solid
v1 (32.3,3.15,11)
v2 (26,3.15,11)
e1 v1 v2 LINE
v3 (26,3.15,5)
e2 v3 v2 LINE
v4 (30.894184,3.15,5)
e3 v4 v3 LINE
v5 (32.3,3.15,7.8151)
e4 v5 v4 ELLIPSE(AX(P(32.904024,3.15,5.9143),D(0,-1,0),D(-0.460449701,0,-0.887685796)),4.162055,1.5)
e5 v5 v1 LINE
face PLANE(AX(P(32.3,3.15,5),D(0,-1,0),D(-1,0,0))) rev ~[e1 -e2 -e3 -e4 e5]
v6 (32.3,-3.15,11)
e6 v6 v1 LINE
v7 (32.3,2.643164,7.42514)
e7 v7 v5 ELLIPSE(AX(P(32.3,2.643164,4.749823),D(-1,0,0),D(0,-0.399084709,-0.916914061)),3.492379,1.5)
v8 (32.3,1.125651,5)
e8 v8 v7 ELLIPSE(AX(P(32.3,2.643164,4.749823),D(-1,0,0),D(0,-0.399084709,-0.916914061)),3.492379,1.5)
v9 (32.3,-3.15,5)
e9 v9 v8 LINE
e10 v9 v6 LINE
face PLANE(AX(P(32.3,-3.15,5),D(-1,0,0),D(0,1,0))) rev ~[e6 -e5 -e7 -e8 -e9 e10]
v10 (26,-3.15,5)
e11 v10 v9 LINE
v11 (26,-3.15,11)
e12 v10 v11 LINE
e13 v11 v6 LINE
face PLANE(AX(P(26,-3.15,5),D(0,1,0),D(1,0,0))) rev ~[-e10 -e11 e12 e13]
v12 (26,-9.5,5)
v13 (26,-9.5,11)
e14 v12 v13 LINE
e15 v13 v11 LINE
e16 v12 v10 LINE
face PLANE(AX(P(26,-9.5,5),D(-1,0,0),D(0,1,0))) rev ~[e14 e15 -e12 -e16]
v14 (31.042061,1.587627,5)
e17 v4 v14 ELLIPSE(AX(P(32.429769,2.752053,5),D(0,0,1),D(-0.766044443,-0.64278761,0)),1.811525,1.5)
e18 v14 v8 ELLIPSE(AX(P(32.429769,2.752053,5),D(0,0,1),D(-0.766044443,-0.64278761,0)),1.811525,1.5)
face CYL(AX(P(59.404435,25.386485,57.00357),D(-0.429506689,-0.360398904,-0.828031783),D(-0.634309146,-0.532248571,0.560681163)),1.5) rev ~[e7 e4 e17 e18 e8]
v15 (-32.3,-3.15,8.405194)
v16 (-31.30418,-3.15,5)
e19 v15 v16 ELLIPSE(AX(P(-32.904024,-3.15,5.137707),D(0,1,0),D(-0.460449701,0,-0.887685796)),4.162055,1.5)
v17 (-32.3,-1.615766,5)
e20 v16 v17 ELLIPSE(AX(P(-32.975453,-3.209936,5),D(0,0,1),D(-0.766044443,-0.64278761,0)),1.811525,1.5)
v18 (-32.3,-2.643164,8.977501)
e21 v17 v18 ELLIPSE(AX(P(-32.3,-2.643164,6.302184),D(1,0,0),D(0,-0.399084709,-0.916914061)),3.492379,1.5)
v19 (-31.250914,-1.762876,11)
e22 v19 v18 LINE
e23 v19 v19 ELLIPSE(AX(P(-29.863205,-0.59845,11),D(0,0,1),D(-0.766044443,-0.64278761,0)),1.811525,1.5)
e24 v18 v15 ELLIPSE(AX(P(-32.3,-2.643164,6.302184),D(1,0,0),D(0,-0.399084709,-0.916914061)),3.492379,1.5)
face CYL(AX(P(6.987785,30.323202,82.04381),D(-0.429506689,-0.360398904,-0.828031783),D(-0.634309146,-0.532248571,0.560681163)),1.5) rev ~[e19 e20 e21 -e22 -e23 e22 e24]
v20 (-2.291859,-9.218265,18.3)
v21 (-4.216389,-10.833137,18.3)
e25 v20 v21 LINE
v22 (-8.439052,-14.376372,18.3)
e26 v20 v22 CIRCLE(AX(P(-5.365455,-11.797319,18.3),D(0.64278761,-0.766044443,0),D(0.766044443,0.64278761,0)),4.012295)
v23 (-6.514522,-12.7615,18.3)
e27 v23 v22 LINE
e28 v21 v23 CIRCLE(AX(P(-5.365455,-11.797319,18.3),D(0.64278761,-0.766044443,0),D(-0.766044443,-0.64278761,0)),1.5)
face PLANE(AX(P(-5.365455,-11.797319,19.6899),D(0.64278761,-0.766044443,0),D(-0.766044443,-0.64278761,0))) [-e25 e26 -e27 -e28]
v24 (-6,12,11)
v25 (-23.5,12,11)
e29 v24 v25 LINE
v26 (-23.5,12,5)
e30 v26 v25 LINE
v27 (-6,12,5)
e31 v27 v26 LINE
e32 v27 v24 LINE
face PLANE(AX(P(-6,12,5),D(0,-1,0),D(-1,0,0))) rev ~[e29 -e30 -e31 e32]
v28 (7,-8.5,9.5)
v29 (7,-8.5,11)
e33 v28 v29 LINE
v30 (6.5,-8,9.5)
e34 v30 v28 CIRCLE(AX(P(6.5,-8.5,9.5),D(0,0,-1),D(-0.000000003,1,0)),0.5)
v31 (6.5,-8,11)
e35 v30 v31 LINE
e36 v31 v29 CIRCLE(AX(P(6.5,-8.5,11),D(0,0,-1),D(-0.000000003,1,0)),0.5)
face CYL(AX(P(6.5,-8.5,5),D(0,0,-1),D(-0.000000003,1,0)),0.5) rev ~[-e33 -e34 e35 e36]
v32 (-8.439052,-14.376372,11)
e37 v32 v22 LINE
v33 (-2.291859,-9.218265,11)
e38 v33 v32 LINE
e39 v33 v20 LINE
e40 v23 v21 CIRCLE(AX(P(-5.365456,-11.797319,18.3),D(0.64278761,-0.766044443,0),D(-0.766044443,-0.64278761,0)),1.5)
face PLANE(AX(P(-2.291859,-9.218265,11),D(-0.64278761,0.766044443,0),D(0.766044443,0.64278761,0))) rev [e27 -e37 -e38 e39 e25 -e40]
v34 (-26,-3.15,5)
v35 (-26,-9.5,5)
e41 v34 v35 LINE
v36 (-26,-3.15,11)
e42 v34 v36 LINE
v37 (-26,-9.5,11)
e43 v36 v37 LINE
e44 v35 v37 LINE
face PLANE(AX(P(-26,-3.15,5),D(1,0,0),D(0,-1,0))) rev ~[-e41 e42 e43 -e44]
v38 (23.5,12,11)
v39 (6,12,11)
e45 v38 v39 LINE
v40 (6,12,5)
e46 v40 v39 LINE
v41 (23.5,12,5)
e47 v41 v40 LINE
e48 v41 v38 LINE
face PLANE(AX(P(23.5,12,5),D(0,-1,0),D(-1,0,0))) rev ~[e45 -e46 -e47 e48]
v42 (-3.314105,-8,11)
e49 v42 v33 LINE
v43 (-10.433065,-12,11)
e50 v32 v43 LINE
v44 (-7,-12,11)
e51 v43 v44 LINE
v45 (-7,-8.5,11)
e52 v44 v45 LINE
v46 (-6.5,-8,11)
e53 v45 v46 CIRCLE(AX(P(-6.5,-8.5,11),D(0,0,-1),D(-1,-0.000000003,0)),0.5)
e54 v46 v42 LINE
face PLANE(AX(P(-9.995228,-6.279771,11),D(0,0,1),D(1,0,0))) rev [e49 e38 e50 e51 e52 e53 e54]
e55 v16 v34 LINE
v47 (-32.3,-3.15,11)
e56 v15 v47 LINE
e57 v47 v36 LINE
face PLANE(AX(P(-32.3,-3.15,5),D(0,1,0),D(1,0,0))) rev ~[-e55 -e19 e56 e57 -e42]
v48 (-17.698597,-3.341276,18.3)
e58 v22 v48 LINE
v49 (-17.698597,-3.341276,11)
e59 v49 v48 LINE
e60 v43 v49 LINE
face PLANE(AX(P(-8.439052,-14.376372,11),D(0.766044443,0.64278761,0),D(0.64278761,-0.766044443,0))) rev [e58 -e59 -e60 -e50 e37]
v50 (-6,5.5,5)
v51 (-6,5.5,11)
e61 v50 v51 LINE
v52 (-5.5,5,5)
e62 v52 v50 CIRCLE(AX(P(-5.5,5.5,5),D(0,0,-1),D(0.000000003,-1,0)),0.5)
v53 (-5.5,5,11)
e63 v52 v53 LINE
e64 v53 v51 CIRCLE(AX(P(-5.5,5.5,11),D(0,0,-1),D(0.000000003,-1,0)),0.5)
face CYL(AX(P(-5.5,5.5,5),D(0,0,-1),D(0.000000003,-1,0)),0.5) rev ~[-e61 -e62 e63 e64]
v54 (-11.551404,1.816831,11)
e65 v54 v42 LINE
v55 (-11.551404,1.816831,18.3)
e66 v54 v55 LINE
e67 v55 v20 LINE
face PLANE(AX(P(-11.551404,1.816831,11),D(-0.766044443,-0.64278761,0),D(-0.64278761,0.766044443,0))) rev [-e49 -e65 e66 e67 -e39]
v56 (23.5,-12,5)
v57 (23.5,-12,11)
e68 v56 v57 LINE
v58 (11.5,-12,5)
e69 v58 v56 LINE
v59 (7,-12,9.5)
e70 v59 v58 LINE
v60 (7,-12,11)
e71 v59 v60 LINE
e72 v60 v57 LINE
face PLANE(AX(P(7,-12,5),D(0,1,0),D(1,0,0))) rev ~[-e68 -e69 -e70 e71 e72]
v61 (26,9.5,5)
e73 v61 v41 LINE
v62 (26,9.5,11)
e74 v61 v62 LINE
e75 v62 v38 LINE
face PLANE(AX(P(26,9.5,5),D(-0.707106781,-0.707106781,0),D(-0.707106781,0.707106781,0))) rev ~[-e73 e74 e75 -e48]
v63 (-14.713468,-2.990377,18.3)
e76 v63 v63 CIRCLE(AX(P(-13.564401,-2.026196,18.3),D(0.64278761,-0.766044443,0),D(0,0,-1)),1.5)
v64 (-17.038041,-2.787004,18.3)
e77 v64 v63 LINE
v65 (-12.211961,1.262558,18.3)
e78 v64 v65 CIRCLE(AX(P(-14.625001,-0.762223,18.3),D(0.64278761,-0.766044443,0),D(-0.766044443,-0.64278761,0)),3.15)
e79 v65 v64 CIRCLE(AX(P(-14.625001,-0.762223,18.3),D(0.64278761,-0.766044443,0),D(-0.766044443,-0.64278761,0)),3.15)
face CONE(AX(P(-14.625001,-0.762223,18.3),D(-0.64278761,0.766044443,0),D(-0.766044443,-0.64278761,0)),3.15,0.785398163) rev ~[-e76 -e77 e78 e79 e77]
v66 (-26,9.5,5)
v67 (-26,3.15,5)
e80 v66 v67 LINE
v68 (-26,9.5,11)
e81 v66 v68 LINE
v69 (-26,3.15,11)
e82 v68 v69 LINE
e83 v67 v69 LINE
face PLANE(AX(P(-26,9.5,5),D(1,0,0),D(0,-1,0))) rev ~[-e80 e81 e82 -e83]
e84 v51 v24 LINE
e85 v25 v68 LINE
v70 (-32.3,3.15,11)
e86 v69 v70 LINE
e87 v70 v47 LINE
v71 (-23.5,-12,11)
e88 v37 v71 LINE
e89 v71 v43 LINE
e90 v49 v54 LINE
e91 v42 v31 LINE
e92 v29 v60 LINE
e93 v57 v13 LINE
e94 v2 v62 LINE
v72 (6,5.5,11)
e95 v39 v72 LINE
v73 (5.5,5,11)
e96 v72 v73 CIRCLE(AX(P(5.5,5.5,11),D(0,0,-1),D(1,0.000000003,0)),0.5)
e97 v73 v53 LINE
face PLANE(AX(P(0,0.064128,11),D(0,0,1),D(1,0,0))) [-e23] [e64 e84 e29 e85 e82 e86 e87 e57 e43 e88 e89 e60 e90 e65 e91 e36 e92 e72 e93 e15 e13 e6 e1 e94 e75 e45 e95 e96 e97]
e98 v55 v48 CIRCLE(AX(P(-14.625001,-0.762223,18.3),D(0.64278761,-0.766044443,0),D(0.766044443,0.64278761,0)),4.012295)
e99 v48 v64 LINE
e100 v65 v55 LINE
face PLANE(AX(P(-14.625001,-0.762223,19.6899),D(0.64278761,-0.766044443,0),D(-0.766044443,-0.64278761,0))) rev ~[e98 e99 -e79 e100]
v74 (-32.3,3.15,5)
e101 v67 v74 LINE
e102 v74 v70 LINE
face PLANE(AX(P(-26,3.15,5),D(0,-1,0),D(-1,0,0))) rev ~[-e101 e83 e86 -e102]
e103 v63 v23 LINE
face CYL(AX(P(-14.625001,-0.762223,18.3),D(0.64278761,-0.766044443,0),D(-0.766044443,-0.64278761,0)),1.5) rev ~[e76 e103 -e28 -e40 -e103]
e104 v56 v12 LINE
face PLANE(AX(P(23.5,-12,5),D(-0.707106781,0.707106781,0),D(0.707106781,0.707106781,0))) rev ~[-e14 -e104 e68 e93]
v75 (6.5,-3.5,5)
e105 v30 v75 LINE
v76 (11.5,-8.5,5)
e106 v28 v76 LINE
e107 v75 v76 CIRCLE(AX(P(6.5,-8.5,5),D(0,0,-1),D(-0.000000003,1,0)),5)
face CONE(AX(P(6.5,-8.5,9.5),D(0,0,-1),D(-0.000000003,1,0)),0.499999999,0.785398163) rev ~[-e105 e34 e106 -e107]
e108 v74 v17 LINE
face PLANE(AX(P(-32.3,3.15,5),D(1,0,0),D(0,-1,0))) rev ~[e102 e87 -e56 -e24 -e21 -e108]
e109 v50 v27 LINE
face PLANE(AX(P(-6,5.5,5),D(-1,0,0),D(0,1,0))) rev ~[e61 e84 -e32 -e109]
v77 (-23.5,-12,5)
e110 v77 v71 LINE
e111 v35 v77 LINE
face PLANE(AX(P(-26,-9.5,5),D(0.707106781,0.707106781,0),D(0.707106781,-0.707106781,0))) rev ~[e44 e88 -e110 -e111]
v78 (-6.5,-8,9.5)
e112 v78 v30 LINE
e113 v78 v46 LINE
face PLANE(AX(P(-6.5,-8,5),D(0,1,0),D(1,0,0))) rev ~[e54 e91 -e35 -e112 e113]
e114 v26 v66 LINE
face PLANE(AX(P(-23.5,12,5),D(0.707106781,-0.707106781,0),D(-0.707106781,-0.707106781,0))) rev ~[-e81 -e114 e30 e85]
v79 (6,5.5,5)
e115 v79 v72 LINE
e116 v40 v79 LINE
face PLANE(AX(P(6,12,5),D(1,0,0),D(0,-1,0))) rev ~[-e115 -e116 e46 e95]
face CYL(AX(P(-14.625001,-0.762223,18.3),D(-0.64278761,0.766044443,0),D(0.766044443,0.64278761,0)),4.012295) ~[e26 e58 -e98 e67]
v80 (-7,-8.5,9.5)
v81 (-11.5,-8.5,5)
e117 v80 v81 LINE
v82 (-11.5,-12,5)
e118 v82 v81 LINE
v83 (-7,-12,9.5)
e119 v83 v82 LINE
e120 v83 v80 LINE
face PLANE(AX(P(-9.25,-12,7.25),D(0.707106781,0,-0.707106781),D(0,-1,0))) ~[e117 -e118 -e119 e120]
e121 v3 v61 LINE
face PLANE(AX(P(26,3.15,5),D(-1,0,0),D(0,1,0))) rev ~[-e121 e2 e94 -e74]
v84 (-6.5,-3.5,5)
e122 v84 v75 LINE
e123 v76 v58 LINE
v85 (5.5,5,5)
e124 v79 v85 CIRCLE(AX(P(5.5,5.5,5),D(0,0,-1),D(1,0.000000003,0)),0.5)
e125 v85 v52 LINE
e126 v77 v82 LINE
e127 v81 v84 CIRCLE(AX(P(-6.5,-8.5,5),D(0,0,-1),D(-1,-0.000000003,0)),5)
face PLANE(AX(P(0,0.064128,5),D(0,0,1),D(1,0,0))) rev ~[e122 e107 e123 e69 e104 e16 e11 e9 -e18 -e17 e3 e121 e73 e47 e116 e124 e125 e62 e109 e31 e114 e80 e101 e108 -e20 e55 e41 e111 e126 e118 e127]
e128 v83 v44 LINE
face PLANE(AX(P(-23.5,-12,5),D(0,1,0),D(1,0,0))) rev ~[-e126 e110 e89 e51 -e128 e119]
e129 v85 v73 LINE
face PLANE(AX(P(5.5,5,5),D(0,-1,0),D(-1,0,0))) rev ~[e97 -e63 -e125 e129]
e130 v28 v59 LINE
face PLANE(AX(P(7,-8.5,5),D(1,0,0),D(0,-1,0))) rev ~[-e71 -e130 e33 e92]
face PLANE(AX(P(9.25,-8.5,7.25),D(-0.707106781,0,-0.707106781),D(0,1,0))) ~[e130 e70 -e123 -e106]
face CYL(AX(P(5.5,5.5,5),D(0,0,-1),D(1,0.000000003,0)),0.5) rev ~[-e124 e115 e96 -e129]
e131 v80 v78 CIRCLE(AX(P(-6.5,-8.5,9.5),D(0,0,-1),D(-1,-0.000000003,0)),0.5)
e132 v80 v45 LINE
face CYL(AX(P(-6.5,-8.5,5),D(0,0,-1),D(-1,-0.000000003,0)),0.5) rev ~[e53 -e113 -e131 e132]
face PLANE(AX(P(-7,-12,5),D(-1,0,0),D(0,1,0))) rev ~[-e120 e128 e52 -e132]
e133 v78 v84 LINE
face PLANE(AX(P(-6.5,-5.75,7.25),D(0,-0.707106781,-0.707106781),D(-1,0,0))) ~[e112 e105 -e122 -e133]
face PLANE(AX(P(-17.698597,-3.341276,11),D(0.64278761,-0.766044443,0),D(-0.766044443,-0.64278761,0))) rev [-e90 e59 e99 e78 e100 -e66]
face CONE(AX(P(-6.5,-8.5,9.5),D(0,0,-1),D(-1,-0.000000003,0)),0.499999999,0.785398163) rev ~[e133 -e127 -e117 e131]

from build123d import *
from build123d.topology import SkipClean

# Parameters (mm, degrees)
BOSS_EXTRUDE1_START           = 5
BOSS_EXTRUDE1_DEPTH           = 6
CHAMFER1_SIZE                 = 4.5
SKETCH2_W                     = 6
SKETCH2_H                     = 6.3
BOSS_EXTRUDE2_DEPTH           = 6.3
BOSS_EXTRUDE3_DEPTH           = 7.3
BOSS_EXTRUDE4_DEPTH           = 14.405295
CSK_FOR_M3_SFHCS1_D           = 3
CSK_FOR_M3_SFHCS1_CSINK_D     = 6.3
CSK_FOR_M3_SFHCS1_CSINK_ANGLE = 90
BOSS_EXTRUDE5_DEPTH           = 14.405295
CSK_FOR_M3_SFHCS2_D           = 3
CSK_FOR_M3_SFHCS2_CSINK_D     = 6.3
CSK_FOR_M3_SFHCS2_CSINK_ANGLE = 90
SKETCH10_W                    = 19.443915682
SKETCH10_H                    = 19.443915683
CUT_EXTRUDE1_DEPTH            = 15
CSK_FOR_M3_SFHCS3_D           = 3
CSK_FOR_M3_SFHCS3_DEPTH       = 96.77876722
CSK_FOR_M3_SFHCS3_CSINK_D     = 6.3
CSK_FOR_M3_SFHCS3_CSINK_ANGLE = 90


with BuildPart() as part:
    # Sketch1 → Boss-Extrude1 (new body)
    with BuildSketch(Plane.XY.offset(BOSS_EXTRUDE1_START)):
        with BuildLine():
            Line((-23.5, -12), (-7, -12))
            Line((-7, -12), (-7, -8.5))
            ThreePointArc((-7, -8.5), (-6.853553391, -8.146446609), (-6.5, -8))
            Line((-6.5, -8), (6.5, -8))
            ThreePointArc((6.5, -8), (6.853553391, -8.146446609), (7, -8.5))
            Line((7, -8.5), (7, -12))
            Line((7, -12), (23.5, -12))
            Line((23.5, -12), (26, -9.5))
            Line((26, -9.5), (26, -3.15))
            Line((26, -3.15), (32.3, -3.15))
            Line((32.3, -3.15), (32.3, 3.15))
            Line((32.3, 3.15), (26, 3.15))
            Line((26, 3.15), (26, 9.5))
            Line((26, 9.5), (23.5, 12))
            Line((23.5, 12), (6, 12))
            Line((6, 12), (6, 5.5))
            ThreePointArc((6, 5.5), (5.853553391, 5.146446609), (5.5, 5))
            Line((5.5, 5), (-5.5, 5))
            ThreePointArc((-5.5, 5), (-5.853553391, 5.146446609), (-6, 5.5))
            Line((-6, 5.5), (-6, 12))
            Line((-6, 12), (-23.5, 12))
            Line((-23.5, 12), (-26, 9.5))
            Line((-26, 9.5), (-26, 3.15))
            Line((-26, 3.15), (-32.3, 3.15))
            Line((-32.3, 3.15), (-32.3, -3.15))
            Line((-32.3, -3.15), (-26, -3.15))
            Line((-26, -3.15), (-26, -9.5))
            Line((-26, -9.5), (-23.5, -12))
        make_face()
    extrude(amount=BOSS_EXTRUDE1_DEPTH)

    # Chamfer1
    chamfer1_edges = [part.edges().sort_by_distance(p)[0] for p in [
        (7, -10.25, 5),
        (6.853553391, -8.146446609, 5),
        (0, -8, 5),
        (-6.853553391, -8.146446609, 5),
        (-7, -10.25, 5),
    ]]
    chamfer(chamfer1_edges, length=CHAMFER1_SIZE)

    # Sketch2 → Boss-Extrude2 (add)
    with BuildSketch(Plane(origin=(26, 0, 0), x_dir=(0, 0, -1), z_dir=(1, 0, 0))):
        with Locations((-8, 0)):
            Rectangle(SKETCH2_W, SKETCH2_H)
    boss_extrude2 = extrude(amount=BOSS_EXTRUDE2_DEPTH)

    # Mirror1: Boss-Extrude2 across plane
    add(boss_extrude2.mirror(Plane(origin=(0, 0, 0), x_dir=(0, 0, 1), z_dir=(1, 0, 0))))

    # Sketch3 → Boss-Extrude3 (add)
    with BuildSketch(Plane.XY.offset(11)):
        Polygon((11.551404138, 1.816830905), (2.291859281, -9.218264944), (8.439052056, -14.376372134), (17.698596913, -3.341276285), align=None)
    boss_extrude3 = extrude(amount=BOSS_EXTRUDE3_DEPTH)

    # Sketch4 → Boss-Extrude4 (add)
    with SkipClean():  # the faces are left unmerged after this step: merging them gives an invalid solid
        with BuildSketch(Plane(origin=(5.667376511, 6.754116317, 0), x_dir=(0.7660444431189792, -0.6427876096865379, 0), z_dir=(0.6427876096865379, 0.7660444431189792, 0))):
            with BuildLine():
                Line((15.705642813, -18.3), (7.681052555, -18.3))
                ThreePointArc((7.681052555, -18.3), (11.693347684, -22.312295129), (15.705642813, -18.3))
            make_face()
        extrude(amount=-BOSS_EXTRUDE4_DEPTH)

    # CSK for M3 SFHCS1 (through all)
    with Locations(Plane(origin=(5.667376511, 6.754116317, 0), x_dir=(0.7660444431189792, -0.6427876096865379, 0), z_dir=(0.6427876096865379, 0.7660444431189792, 0))):
        with Locations((11.693347684, -18.3)):
            CounterSinkHole(CSK_FOR_M3_SFHCS1_D / 2, CSK_FOR_M3_SFHCS1_CSINK_D / 2, counter_sink_angle=CSK_FOR_M3_SFHCS1_CSINK_ANGLE)

    # Mirror11: Boss-Extrude3 across plane
    with SkipClean():  # the faces are left unmerged after this step: merging them gives an invalid solid
        add(boss_extrude3.mirror(Plane(origin=(0, 0, 0), x_dir=(0, 0, 1), z_dir=(1, 0, 0))))

    # Sketch7 → Boss-Extrude5 (add)
    with SkipClean():  # the faces are left unmerged after this step: merging them gives an invalid solid
        with BuildSketch(Plane(origin=(-5.667376511, 6.754116317, 0), x_dir=(0.7660444431189792, 0.6427876096865379, 0), z_dir=(-0.6427876096865379, 0.7660444431189792, 0))):
            with BuildLine():
                Line((-15.705642813, -18.3), (-7.681052555, -18.3))
                ThreePointArc((-7.681052555, -18.3), (-11.693347684, -22.312295129), (-15.705642813, -18.3))
            make_face()
        extrude(amount=-BOSS_EXTRUDE5_DEPTH)

    # CSK for M3 SFHCS2 (through all)
    with Locations(Plane(origin=(-5.667376511, 6.754116317, 0), x_dir=(0.7660444431189792, 0.6427876096865379, 0), z_dir=(-0.6427876096865379, 0.7660444431189792, 0))):
        with Locations((-11.693347684, -18.3)):
            CounterSinkHole(CSK_FOR_M3_SFHCS2_D / 2, CSK_FOR_M3_SFHCS2_CSINK_D / 2, counter_sink_angle=CSK_FOR_M3_SFHCS2_CSINK_ANGLE)

    # Sketch10 → Cut-Extrude1 (cut)
    with SkipClean():  # the faces are left unmerged after this step: merging them gives an invalid solid
        with BuildSketch(Plane.XY.offset(11)):
            with Locations((9.721957841, -5.898825434)):
                Rectangle(SKETCH10_W, SKETCH10_H)
        extrude(amount=CUT_EXTRUDE1_DEPTH, mode=Mode.SUBTRACT)

    # CSK for M3 SFHCS3
    with Locations(Plane(origin=(1373.834887972, -105.616816862, -567.783106147), x_dir=(0.6343091461006831, 0.5322485705454647, -0.5606811628058603), z_dir=(0.4295066891289175, 0.36039890443624706, 0.8280317830099689))):
        with Locations((-1114.335057549, 945.253960578), (-1158.995448583, 982.728478223)):
            CounterSinkHole(CSK_FOR_M3_SFHCS3_D / 2, CSK_FOR_M3_SFHCS3_CSINK_D / 2, depth=CSK_FOR_M3_SFHCS3_DEPTH, counter_sink_angle=CSK_FOR_M3_SFHCS3_CSINK_ANGLE)


solid = part.part
